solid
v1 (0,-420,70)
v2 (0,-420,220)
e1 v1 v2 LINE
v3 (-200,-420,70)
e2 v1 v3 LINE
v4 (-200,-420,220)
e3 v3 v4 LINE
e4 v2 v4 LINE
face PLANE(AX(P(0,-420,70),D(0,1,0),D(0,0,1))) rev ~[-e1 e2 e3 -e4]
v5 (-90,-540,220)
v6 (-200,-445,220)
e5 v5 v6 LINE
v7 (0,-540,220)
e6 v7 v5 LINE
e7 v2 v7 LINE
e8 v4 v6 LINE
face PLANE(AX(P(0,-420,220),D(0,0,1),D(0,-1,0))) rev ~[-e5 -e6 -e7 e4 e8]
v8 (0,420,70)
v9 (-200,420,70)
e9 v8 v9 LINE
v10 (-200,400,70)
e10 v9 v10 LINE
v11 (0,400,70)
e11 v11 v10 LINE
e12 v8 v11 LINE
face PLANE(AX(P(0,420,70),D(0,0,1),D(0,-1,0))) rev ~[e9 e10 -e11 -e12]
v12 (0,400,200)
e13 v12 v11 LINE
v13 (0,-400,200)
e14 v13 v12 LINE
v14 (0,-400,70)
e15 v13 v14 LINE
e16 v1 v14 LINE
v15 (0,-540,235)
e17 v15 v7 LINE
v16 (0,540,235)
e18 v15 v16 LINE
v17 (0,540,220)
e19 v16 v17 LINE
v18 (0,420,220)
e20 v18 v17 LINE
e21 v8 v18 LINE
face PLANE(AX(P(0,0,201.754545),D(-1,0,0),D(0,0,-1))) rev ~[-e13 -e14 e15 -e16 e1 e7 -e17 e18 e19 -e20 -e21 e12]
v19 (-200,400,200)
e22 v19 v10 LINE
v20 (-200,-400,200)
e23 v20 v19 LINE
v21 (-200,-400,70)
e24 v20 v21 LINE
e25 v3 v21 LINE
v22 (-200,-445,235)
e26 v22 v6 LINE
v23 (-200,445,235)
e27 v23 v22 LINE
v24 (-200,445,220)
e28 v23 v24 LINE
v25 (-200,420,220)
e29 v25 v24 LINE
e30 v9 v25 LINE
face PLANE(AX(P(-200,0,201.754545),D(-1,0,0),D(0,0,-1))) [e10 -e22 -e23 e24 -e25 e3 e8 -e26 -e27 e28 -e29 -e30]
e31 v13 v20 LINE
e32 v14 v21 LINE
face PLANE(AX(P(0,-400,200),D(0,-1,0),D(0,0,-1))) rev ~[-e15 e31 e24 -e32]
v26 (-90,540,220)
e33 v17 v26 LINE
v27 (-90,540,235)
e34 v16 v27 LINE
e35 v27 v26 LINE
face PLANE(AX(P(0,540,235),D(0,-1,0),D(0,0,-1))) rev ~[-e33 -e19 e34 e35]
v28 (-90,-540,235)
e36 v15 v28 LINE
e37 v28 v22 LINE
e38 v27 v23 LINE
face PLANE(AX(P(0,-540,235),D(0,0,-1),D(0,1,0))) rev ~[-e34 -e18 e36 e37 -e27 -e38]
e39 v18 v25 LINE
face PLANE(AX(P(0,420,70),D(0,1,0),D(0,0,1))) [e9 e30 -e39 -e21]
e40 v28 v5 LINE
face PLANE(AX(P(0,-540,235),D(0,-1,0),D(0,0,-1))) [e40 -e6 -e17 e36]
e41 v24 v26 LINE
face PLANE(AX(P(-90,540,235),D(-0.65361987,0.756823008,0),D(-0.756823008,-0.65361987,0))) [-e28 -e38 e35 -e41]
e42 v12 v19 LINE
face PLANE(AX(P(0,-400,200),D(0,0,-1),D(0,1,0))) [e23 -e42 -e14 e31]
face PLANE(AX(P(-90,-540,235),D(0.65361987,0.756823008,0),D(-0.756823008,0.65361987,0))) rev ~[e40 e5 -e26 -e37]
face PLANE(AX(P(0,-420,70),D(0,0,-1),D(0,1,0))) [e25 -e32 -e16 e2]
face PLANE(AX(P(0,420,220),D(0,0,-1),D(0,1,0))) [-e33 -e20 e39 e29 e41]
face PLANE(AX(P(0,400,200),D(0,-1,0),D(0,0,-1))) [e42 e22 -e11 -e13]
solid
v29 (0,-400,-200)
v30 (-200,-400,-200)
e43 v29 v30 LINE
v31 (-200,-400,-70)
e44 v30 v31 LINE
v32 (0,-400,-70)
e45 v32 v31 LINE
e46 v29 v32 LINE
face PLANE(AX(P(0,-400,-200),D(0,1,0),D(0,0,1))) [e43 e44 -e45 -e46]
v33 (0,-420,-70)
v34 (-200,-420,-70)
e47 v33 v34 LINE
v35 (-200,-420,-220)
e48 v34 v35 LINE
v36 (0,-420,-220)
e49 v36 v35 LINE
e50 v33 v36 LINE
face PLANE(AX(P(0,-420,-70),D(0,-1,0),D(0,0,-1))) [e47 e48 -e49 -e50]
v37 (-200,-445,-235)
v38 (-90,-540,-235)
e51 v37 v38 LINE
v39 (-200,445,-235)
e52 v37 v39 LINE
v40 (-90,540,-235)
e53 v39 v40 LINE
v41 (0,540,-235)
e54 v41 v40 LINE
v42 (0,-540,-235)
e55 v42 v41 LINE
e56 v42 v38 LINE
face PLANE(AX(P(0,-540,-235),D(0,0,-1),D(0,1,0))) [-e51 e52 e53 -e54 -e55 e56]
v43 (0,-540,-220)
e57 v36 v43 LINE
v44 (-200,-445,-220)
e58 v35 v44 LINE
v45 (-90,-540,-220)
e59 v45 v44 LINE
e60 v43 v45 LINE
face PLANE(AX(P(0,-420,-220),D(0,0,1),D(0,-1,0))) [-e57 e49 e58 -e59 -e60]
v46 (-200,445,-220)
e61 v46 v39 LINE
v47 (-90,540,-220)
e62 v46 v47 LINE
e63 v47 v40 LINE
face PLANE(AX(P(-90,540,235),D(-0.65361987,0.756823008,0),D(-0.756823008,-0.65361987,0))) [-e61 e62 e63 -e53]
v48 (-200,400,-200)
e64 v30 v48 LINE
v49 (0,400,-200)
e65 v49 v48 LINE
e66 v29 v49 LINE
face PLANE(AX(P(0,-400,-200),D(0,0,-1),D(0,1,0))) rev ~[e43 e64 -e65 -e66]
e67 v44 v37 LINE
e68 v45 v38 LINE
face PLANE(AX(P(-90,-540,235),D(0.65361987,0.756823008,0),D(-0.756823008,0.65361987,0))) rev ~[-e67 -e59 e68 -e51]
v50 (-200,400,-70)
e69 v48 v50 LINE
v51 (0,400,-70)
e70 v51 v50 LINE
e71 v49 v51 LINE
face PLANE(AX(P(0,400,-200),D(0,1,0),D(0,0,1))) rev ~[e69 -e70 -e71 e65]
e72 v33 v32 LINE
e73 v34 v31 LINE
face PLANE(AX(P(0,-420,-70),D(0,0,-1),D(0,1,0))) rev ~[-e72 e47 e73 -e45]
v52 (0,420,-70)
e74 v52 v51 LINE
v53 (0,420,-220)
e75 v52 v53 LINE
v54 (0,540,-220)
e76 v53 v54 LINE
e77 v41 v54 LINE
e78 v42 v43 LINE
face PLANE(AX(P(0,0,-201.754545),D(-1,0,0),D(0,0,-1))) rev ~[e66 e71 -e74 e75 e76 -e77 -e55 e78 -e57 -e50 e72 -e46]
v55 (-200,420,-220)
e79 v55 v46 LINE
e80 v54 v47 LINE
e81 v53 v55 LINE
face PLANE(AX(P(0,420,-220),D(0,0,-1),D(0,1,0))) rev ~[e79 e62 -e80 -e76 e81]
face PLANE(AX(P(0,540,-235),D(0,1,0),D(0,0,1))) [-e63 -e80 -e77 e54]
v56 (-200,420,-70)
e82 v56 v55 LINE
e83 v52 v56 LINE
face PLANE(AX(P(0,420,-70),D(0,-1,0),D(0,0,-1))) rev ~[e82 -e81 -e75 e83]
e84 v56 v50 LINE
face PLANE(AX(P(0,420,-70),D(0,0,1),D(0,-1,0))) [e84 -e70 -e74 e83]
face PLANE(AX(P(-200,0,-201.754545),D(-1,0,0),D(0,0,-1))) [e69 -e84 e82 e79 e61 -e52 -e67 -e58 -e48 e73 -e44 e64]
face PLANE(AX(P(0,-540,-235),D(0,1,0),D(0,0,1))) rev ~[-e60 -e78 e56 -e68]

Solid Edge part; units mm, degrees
sketch "Sketch1" plane through (0, 0, 0) normal (1, 0, 0) x (0, 1, 0)
  line L0 (-420, 70) -> (-420, 220)
  line L1 (-420, 220) -> (-540, 220)
  line L2 (-540, 235) -> (-540, 220)
  line L3 (-540, 235) -> (540, 235)
  line L4 (540, 235) -> (540, 220)
  line L5 (420, 220) -> (540, 220)
  line L6 (420, 70) -> (420, 220)
  line L7 (420, 70) -> (400, 70)
  line L8 (400, 200) -> (400, 70)
  line L9 (-400, 200) -> (400, 200)
  line L10 (-400, 200) -> (-400, 70)
  line L11 (-420, 70) -> (-400, 70)
  line L12 (-400, -200) -> (400, -200)
  line L13 (400, -200) -> (400, -70)
  line L14 (420, -70) -> (400, -70)
  line L15 (420, -70) -> (420, -220)
  line L16 (420, -220) -> (540, -220)
  line L17 (540, -235) -> (540, -220)
  line L18 (-540, -235) -> (540, -235)
  line L19 (-540, -235) -> (-540, -220)
  line L20 (-420, -220) -> (-540, -220)
  line L21 (-420, -70) -> (-420, -220)
  line L22 (-420, -70) -> (-400, -70)
  line L23 (-400, -200) -> (-400, -70)
  dimension "D1" = 800
  dimension "D2" = 1080
  dimension "D3" = 150
  dimension "D4" = 15
  dimension "D5" = 130
  dimension "D6" = 20
  dimension "D7" = 200
extrude "Protrusion1" add sketch "Sketch1" against normal blind 200
sketch "Sketch2" plane through (-100, 0, 235) normal (0, 0, 1) x (0, 1, 0)
  line L0 (540, -10) -> (445, 100)
  line L1 (445, 100) -> (-445, 100)
  line L2 (-540, -10) -> (-445, 100)
  line L3 (-540, -100) -> (-540, -10)
  line L4 (540, -100) -> (-540, -100)
  line L5 (540, -10) -> (540, -100)
extrude "Ecken" cut sketch "Sketch2" against normal blind 1025.3075 flip side to cut
